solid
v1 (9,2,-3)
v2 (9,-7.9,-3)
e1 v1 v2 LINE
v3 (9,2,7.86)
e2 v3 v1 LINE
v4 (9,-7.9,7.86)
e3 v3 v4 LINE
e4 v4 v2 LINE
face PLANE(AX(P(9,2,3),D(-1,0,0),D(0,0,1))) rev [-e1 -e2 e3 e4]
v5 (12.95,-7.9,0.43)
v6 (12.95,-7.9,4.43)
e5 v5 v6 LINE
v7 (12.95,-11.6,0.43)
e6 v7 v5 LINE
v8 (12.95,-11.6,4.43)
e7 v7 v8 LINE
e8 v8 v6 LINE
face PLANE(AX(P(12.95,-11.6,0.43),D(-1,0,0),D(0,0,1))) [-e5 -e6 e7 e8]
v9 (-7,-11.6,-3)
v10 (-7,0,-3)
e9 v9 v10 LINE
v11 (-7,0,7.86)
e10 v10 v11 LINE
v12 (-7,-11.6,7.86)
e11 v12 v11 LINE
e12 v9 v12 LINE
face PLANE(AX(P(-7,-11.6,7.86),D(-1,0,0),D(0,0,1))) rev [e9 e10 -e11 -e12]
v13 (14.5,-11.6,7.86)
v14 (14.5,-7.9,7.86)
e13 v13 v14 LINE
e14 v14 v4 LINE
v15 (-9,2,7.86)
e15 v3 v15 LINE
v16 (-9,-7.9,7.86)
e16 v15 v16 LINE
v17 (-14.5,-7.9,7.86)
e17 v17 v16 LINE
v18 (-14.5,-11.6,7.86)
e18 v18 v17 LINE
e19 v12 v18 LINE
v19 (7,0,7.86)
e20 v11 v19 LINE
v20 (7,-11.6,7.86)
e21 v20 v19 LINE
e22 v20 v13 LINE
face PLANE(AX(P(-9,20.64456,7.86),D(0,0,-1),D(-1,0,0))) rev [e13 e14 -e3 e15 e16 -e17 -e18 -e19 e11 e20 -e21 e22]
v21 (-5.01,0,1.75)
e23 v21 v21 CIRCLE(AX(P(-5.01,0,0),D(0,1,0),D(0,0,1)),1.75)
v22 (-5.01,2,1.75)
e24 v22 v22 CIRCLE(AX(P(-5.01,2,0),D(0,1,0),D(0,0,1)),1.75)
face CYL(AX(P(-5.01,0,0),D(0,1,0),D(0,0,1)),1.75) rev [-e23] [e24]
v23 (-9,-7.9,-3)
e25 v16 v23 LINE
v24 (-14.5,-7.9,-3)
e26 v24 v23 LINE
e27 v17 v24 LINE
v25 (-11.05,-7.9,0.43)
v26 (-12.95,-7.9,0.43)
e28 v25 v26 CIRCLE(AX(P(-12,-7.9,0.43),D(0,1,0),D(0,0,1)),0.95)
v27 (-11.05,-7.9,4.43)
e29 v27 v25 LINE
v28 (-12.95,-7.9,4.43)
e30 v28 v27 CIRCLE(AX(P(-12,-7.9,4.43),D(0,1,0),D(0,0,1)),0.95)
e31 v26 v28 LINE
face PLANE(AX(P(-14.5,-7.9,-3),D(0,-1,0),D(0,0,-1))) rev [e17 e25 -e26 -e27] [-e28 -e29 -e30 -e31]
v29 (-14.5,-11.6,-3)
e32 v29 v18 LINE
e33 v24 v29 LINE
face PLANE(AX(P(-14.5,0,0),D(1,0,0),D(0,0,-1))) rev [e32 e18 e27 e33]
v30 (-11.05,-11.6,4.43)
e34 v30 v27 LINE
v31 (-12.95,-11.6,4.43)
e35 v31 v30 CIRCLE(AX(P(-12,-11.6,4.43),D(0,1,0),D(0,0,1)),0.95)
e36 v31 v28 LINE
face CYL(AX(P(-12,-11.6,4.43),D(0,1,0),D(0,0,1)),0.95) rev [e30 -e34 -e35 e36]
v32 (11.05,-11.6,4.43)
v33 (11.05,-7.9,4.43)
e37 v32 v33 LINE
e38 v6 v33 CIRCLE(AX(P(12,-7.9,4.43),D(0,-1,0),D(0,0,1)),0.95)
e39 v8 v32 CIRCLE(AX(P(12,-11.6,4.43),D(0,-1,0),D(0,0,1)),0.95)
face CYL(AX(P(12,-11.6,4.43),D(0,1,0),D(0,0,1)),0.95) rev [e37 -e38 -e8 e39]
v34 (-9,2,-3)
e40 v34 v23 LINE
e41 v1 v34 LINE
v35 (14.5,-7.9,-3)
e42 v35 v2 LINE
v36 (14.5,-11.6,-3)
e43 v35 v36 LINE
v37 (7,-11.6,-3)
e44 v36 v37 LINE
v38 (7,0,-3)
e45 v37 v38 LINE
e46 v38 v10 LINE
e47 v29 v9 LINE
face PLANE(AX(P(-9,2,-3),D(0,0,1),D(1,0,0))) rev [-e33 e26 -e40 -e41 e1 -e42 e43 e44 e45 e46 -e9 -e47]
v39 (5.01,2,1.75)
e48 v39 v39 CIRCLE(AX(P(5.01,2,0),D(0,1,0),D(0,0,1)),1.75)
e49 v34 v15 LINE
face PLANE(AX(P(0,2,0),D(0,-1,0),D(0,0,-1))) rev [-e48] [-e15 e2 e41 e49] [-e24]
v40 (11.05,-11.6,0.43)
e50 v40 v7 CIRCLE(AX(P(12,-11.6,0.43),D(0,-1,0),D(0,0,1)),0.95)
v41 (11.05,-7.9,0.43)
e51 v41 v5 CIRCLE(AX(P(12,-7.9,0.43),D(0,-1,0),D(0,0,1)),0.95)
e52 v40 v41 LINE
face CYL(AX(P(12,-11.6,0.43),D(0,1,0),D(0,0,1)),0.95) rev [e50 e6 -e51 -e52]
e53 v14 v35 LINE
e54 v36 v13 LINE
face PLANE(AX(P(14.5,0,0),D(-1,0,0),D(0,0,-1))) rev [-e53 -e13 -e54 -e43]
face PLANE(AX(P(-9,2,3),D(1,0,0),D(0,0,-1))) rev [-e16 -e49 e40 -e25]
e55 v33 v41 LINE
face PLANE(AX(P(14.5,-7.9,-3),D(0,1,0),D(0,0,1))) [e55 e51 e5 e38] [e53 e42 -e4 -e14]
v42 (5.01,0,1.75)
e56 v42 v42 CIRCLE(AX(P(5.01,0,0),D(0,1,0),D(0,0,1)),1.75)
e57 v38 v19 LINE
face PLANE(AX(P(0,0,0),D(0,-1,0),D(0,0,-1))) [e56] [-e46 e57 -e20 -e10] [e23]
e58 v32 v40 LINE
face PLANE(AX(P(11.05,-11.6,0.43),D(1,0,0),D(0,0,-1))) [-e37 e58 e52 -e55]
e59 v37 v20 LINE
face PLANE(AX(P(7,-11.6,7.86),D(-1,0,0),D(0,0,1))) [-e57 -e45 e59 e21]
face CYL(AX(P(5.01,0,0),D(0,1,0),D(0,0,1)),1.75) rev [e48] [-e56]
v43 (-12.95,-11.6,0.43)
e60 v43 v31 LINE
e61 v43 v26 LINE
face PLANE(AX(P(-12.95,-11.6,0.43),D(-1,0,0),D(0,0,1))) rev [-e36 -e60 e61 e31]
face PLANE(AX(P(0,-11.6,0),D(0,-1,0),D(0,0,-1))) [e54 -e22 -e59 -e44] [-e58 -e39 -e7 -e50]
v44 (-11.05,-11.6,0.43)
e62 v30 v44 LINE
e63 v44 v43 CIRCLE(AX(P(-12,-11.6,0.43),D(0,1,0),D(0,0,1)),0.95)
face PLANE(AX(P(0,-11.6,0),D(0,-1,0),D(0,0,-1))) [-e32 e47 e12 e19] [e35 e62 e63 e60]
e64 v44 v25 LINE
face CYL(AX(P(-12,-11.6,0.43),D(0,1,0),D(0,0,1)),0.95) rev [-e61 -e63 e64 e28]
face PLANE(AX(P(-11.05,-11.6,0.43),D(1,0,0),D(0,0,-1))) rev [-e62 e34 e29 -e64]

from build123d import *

# Parameters (mm, degrees)
SKETCH3_W           = 18
SKETCH3_H           = 6
BOSS_EXTRUDE1_DEPTH = 2
SKETCH4_R           = 1.75
CUT_EXTRUDE1_DEPTH  = 3
SKETCH5_W           = 18
SKETCH5_H           = 4.86
BOSS_EXTRUDE4_DEPTH = 2
SKETCH6_W           = 2
SKETCH6_H           = 10.86
BOSS_EXTRUDE5_DEPTH = 11.6
SKETCH7_W           = 10.86
SKETCH7_H           = 3.7
BOSS_EXTRUDE6_DEPTH = 5.5
CUT_EXTRUDE2_DEPTH  = 4.7


with BuildPart() as part:
    # Sketch3 → Boss-Extrude1 (new body)
    with BuildSketch(Plane(origin=(0, 0, 0), x_dir=(1, 0, 0), z_dir=(0, 1, 0))):
        Rectangle(SKETCH3_W, SKETCH3_H)
    extrude(amount=BOSS_EXTRUDE1_DEPTH)

    # Sketch4 → Cut-Extrude1 (cut, through all)
    with BuildSketch(Plane(origin=(0, 2, 0), x_dir=(1, 0, 0), z_dir=(0, 1, 0))):
        with Locations((-5.01, 0)):
            Circle(SKETCH4_R)
        with Locations((5.01, 0)):
            Circle(SKETCH4_R)
    extrude(amount=-CUT_EXTRUDE1_DEPTH, mode=Mode.SUBTRACT)

    # Sketch5 → Boss-Extrude4 (add)
    with BuildSketch(Plane(origin=(0, 0, 0), x_dir=(1, 0, 0), z_dir=(0, 1, 0))):
        with Locations((0, -5.43)):
            Rectangle(SKETCH5_W, SKETCH5_H)
    boss_extrude4 = extrude(amount=BOSS_EXTRUDE4_DEPTH)

    # Sketch6 → Boss-Extrude5 (add)
    with BuildSketch(Plane.XZ):
        with Locations((-8, 2.43)):
            Rectangle(SKETCH6_W, SKETCH6_H)
    boss_extrude5 = extrude(amount=BOSS_EXTRUDE5_DEPTH)

    # Sketch7 → Boss-Extrude6 (add)
    with BuildSketch(Plane.ZY.offset(9)):
        with Locations((2.43, -9.75)):
            Rectangle(SKETCH7_W, SKETCH7_H)
    boss_extrude6 = extrude(amount=BOSS_EXTRUDE6_DEPTH)

    # Sketch8 → Cut-Extrude2 (cut, through all)
    with BuildSketch(Plane(origin=(0, -7.9, 0), x_dir=(1, 0, 0), z_dir=(0, 1, 0))):
        with BuildLine():
            Line((-11.05, -0.43), (-11.05, -4.43))
            ThreePointArc((-11.05, -4.43), (-12, -5.38), (-12.95, -4.43))
            Line((-12.95, -4.43), (-12.95, -0.43))
            ThreePointArc((-12.95, -0.43), (-12, 0.52), (-11.05, -0.43))
        make_face()
    cut_extrude2 = extrude(amount=-CUT_EXTRUDE2_DEPTH, mode=Mode.SUBTRACT)

    # Mirror1: Boss-Extrude4, Boss-Extrude5, Boss-Extrude6, Cut-Extrude2 across plane
    add(boss_extrude4.mirror(Plane(origin=(0, 0, 0), x_dir=(0, 0, 1), z_dir=(1, 0, 0))))
    add(boss_extrude5.mirror(Plane(origin=(0, 0, 0), x_dir=(0, 0, 1), z_dir=(1, 0, 0))))
    add(boss_extrude6.mirror(Plane(origin=(0, 0, 0), x_dir=(0, 0, 1), z_dir=(1, 0, 0))))
    add(cut_extrude2.mirror(Plane(origin=(0, 0, 0), x_dir=(0, 0, 1), z_dir=(1, 0, 0))), mode=Mode.SUBTRACT)


solid = part.part
